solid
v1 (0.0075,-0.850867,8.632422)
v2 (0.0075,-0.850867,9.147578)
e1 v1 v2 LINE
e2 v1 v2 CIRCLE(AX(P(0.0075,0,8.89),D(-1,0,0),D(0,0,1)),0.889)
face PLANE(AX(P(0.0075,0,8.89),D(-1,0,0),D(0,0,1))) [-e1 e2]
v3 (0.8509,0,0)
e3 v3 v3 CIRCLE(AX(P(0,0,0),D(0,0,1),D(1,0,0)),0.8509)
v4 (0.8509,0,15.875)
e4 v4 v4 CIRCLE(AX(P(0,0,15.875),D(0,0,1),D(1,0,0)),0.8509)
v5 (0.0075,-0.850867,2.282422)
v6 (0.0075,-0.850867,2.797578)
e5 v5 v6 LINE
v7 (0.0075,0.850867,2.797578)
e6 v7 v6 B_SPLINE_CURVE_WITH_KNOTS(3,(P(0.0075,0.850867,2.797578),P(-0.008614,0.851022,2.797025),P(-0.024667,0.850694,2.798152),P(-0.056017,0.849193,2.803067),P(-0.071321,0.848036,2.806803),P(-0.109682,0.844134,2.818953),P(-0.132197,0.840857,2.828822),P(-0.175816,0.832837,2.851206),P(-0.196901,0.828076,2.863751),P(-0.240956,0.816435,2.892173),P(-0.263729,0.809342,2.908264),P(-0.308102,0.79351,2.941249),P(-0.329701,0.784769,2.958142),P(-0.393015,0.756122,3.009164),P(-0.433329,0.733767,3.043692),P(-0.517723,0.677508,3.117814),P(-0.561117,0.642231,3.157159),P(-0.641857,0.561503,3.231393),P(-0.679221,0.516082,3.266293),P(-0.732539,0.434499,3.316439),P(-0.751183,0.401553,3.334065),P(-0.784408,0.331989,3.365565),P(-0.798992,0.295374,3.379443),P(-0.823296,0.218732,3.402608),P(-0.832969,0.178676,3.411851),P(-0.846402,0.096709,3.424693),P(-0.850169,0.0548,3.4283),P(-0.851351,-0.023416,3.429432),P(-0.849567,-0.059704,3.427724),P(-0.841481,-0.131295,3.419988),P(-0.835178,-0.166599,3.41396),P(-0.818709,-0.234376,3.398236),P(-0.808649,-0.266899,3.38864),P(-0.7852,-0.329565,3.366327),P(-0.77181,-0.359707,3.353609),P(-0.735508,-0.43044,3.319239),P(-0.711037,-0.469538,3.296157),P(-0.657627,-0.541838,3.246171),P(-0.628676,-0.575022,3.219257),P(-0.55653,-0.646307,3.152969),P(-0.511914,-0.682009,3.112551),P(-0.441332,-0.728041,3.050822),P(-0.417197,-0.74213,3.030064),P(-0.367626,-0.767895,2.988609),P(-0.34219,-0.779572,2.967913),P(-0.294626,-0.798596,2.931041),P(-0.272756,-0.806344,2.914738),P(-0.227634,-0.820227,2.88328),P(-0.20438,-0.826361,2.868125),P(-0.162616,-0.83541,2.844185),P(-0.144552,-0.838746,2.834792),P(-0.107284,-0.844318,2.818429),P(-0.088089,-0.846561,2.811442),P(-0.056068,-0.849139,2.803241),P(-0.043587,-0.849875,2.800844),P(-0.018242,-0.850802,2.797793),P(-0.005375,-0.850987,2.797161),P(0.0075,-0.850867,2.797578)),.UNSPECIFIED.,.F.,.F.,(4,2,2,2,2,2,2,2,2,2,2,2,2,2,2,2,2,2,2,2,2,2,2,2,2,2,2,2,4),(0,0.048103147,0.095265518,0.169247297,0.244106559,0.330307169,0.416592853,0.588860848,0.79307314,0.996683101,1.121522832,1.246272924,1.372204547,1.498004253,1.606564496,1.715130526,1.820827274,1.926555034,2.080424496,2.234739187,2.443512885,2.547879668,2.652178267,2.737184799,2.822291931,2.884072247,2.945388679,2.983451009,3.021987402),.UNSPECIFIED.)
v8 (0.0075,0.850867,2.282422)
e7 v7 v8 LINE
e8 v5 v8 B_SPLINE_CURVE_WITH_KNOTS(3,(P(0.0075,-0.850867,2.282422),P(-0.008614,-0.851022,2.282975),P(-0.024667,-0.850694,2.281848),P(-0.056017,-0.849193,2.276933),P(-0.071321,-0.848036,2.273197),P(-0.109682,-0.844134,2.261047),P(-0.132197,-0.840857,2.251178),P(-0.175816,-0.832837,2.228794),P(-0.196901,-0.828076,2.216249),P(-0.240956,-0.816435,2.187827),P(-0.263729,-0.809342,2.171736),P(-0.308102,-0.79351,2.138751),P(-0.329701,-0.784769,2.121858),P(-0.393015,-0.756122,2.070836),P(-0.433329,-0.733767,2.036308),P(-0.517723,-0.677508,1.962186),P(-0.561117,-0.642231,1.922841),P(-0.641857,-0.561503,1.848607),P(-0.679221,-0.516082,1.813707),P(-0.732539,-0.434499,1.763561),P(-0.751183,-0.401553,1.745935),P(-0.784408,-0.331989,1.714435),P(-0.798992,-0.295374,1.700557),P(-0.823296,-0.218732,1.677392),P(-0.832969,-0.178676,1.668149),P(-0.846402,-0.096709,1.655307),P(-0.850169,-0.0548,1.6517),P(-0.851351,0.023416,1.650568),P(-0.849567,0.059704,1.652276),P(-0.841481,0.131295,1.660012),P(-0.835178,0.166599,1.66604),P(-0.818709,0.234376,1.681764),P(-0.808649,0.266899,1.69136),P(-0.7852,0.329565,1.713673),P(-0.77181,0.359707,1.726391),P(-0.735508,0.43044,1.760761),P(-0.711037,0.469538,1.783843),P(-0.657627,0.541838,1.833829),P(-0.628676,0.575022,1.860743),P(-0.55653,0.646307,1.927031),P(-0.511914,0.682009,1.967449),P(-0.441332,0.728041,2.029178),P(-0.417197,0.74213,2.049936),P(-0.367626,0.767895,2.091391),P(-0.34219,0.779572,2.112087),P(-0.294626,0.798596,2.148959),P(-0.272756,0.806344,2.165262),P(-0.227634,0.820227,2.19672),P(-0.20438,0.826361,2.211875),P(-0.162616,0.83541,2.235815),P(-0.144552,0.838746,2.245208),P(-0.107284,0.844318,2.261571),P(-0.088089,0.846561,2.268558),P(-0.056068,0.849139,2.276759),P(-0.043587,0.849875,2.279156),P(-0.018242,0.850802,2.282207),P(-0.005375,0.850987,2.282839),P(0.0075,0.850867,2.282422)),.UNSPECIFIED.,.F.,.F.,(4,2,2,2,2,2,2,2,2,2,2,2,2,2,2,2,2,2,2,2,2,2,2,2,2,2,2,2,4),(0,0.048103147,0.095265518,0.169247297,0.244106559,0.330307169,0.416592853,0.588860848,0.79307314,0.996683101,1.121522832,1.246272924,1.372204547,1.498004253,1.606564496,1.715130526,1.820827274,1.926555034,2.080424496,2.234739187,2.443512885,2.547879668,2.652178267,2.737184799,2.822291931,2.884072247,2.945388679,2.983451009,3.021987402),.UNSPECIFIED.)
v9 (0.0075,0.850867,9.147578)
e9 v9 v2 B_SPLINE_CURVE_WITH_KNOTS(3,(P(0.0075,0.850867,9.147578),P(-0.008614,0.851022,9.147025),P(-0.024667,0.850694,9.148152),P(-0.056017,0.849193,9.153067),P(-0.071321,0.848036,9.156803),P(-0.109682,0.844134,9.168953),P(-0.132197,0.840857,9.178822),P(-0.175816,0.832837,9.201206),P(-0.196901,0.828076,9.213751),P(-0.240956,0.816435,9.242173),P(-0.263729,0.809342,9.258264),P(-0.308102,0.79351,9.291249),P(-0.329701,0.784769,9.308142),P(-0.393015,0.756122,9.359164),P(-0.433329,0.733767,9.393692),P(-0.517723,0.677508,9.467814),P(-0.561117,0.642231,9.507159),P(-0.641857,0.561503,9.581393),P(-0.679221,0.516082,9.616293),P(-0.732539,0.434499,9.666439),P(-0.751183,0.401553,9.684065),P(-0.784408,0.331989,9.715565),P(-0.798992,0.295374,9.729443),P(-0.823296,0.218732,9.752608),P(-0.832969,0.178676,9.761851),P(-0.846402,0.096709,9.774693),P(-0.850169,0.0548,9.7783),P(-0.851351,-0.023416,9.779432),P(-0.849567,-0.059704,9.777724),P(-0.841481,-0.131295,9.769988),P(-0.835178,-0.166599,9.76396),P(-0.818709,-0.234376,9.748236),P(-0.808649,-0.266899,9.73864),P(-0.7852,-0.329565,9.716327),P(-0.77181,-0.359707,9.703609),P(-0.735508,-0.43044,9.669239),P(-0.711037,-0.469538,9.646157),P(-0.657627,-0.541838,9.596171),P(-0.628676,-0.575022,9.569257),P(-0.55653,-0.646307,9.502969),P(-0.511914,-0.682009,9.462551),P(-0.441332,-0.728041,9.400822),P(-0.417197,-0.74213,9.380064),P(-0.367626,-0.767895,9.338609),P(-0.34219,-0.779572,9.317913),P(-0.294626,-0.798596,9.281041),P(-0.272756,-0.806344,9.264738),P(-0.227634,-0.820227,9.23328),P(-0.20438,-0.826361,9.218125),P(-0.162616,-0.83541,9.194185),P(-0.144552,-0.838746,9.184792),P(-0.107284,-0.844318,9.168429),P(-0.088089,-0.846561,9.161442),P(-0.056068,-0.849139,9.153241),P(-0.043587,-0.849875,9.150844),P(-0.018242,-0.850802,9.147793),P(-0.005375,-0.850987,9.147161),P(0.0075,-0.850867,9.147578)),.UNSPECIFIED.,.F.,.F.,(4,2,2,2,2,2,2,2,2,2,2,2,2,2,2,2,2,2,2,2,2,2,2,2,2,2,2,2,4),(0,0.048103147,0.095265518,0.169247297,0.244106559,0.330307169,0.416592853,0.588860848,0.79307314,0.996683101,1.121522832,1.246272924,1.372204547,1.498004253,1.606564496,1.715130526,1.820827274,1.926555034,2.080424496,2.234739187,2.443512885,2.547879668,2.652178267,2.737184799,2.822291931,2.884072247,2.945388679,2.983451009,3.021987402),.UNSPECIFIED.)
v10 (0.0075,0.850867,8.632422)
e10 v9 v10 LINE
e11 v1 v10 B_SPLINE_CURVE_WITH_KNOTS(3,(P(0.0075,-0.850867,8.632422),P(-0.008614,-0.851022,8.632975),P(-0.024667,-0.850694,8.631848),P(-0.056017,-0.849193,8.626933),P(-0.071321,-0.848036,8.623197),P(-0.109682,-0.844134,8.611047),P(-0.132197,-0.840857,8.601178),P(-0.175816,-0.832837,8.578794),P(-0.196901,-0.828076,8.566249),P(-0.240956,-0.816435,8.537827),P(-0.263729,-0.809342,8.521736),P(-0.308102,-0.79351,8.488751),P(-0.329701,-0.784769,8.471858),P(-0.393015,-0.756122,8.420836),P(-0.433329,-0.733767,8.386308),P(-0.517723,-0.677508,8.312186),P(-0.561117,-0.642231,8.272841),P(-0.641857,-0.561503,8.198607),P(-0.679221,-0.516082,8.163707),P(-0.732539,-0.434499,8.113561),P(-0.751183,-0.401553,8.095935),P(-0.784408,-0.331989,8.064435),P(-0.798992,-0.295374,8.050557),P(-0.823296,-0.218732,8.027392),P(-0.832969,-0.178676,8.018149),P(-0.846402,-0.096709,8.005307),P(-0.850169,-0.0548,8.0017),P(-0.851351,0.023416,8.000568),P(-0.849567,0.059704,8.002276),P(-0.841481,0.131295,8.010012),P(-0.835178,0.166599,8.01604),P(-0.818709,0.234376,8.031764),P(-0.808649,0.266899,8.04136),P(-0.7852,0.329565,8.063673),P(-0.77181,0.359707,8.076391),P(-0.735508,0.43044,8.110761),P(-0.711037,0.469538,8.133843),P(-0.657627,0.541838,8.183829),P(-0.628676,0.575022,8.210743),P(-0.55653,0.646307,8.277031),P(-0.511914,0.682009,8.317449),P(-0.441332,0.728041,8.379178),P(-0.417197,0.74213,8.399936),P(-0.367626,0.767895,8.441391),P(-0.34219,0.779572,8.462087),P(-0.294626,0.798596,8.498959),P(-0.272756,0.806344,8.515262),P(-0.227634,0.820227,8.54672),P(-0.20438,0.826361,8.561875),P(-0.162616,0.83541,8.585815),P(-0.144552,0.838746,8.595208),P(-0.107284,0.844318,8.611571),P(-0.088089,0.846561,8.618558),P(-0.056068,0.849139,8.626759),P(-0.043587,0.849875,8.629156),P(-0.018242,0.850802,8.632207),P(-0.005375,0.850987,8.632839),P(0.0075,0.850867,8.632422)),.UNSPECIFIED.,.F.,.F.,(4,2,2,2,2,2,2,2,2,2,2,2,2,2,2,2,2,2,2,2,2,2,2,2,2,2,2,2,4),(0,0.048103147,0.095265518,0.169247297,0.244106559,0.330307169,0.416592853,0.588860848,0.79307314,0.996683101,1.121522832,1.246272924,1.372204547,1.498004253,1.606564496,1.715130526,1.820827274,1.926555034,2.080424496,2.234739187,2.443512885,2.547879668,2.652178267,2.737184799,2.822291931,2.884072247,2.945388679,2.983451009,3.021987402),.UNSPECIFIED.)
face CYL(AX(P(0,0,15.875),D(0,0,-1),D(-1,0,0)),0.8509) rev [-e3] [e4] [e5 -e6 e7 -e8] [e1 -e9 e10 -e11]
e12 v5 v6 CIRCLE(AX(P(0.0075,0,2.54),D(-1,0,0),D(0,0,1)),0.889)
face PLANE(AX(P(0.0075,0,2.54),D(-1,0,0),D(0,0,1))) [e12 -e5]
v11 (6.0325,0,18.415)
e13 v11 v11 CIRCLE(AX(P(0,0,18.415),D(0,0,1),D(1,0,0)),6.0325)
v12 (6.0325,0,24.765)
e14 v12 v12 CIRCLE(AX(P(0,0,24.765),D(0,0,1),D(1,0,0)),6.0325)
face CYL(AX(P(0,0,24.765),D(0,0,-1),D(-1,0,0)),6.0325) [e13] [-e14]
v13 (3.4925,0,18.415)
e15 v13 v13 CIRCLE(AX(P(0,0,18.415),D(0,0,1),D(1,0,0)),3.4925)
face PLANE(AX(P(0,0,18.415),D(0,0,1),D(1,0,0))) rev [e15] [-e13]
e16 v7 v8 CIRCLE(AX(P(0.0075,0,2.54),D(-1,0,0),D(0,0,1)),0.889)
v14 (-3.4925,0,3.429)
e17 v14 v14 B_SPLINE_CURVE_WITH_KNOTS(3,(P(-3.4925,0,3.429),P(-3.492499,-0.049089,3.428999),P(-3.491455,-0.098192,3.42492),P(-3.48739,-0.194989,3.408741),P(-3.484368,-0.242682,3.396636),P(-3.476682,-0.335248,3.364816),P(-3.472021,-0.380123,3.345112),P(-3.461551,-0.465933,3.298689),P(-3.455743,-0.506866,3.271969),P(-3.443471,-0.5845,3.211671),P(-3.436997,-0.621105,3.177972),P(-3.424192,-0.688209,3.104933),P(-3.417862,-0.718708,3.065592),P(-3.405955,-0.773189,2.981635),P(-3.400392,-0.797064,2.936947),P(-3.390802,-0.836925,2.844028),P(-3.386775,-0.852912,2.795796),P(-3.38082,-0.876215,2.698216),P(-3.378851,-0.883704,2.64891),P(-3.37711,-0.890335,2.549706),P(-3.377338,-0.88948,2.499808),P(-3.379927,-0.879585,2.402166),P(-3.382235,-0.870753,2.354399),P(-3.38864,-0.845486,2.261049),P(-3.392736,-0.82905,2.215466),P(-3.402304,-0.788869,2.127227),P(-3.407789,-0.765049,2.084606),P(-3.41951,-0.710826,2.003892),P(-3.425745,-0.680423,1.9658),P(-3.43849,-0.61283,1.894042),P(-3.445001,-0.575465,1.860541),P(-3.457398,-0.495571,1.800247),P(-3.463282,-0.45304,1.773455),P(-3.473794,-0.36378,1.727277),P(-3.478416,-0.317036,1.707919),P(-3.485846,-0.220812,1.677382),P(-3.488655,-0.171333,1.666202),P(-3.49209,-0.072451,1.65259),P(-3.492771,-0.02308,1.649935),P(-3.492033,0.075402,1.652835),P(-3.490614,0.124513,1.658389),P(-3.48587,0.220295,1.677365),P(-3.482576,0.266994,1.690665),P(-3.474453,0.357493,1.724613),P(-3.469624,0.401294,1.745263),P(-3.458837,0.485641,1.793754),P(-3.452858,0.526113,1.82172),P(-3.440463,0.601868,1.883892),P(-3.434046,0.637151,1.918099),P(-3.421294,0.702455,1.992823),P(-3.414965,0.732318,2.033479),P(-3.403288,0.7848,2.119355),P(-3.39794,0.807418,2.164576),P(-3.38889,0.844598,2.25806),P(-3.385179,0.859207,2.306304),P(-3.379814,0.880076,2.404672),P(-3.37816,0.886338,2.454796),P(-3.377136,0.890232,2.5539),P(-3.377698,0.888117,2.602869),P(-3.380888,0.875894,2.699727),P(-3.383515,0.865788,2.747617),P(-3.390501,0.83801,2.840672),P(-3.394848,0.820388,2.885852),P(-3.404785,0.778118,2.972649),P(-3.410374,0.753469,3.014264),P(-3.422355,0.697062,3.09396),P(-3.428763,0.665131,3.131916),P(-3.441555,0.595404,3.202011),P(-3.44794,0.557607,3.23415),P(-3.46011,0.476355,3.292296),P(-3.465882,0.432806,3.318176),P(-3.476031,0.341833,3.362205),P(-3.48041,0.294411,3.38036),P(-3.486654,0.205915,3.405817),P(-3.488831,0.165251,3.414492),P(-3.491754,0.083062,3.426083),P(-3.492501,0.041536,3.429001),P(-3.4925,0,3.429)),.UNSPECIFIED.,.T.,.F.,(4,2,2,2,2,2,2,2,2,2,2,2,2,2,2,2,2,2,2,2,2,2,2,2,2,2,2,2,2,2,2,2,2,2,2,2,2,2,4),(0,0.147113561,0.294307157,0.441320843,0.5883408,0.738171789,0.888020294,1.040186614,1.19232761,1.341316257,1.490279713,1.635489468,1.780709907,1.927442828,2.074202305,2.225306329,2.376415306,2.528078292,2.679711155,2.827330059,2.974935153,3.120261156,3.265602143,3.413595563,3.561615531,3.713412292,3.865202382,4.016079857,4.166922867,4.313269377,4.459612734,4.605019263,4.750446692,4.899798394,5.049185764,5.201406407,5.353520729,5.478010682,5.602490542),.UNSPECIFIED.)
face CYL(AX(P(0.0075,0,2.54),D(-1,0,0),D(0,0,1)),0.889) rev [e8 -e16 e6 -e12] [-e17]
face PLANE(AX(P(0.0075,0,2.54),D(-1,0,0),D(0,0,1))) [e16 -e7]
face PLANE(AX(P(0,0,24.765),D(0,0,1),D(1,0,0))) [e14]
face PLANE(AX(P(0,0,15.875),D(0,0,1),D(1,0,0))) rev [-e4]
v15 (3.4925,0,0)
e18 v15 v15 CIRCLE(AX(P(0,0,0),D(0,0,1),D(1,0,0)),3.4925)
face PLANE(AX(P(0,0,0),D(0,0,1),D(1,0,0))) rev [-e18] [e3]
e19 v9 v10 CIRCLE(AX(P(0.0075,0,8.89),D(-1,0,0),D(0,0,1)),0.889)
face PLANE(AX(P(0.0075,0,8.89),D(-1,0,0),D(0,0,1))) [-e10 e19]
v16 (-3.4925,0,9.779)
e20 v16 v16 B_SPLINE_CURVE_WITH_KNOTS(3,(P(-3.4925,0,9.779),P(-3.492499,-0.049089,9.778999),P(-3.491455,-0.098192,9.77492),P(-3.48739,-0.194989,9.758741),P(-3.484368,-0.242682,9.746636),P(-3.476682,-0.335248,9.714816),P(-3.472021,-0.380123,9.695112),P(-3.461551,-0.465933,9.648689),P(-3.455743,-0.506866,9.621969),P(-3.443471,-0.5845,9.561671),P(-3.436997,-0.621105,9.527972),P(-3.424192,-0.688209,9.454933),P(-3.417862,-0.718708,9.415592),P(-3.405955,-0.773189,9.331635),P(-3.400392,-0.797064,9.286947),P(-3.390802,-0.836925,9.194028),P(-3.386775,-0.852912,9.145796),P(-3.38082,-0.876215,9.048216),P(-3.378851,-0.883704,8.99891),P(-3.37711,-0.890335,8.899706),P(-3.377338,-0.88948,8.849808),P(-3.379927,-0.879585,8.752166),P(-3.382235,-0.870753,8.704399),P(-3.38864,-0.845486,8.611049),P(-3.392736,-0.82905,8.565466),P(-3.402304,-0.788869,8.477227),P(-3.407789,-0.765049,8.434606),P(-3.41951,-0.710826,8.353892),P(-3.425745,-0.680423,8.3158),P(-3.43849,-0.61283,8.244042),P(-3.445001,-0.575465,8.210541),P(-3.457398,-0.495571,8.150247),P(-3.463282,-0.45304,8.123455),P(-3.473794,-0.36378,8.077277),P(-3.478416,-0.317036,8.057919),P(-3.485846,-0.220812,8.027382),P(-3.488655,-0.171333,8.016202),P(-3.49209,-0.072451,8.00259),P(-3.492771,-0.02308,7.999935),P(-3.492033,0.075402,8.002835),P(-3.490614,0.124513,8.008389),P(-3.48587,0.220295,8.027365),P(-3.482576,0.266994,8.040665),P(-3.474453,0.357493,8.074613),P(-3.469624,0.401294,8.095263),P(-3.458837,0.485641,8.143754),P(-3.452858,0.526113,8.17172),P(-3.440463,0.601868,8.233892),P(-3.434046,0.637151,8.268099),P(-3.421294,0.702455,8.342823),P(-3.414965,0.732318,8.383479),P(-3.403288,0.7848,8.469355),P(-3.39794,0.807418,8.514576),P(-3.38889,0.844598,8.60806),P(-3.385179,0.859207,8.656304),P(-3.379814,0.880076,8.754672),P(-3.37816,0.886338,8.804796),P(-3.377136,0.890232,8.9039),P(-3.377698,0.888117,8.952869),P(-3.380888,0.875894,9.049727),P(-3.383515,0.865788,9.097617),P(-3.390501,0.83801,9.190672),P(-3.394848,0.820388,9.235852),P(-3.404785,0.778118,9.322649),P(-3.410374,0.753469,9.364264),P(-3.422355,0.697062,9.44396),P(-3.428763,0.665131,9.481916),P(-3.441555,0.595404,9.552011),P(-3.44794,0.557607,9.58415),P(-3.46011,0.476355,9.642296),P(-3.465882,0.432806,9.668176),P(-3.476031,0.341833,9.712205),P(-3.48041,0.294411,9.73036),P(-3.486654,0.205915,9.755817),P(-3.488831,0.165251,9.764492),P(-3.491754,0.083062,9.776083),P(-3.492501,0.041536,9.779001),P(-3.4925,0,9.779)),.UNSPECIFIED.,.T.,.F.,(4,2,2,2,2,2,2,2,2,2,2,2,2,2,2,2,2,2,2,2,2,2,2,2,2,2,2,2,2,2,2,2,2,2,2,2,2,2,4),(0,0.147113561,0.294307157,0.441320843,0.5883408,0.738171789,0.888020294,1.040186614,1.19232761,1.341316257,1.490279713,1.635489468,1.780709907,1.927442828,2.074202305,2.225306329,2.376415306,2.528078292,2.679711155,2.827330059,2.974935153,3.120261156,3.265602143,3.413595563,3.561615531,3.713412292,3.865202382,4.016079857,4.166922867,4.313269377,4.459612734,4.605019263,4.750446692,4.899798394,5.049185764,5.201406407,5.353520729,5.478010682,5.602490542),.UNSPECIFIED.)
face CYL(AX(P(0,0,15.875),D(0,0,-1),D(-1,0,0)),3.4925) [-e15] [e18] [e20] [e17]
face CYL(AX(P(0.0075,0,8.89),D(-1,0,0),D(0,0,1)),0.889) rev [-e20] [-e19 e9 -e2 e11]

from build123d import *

# Parameters (mm, degrees)
SKETCH1_R           = 3.4925
SKETCH1_R_2         = 0.8509
BOSS_EXTRUDE1_DEPTH = 15.875
SKETCH2_R           = 3.4925
BOSS_EXTRUDE2_DEPTH = 2.54
SKETCH3_R           = 6.0325
BOSS_EXTRUDE3_DEPTH = 6.35
SKETCH4_R           = 0.889
CUT_EXTRUDE1_DEPTH  = 3.5


with BuildPart() as part:
    # Sketch1 → Boss-Extrude1 (new body)
    with BuildSketch(Plane.XY):
        Circle(SKETCH1_R)
        Circle(SKETCH1_R_2, mode=Mode.SUBTRACT)
    extrude(amount=BOSS_EXTRUDE1_DEPTH)

    # Sketch2 → Boss-Extrude2 (add)
    with BuildSketch(Plane.XY.offset(15.875)):
        Circle(SKETCH2_R)
    extrude(amount=BOSS_EXTRUDE2_DEPTH)

    # Sketch3 → Boss-Extrude3 (add)
    with BuildSketch(Plane.XY.offset(18.415)):
        Circle(SKETCH3_R)
    extrude(amount=BOSS_EXTRUDE3_DEPTH)

    # Sketch4 → Cut-Extrude1 (cut)
    with BuildSketch(Plane.ZY.offset(3.4925)):
        with Locations((2.54, 0)):
            Circle(SKETCH4_R)
        with Locations((8.89, 0)):
            Circle(SKETCH4_R)
    extrude(amount=-CUT_EXTRUDE1_DEPTH, mode=Mode.SUBTRACT)


solid = part.part
